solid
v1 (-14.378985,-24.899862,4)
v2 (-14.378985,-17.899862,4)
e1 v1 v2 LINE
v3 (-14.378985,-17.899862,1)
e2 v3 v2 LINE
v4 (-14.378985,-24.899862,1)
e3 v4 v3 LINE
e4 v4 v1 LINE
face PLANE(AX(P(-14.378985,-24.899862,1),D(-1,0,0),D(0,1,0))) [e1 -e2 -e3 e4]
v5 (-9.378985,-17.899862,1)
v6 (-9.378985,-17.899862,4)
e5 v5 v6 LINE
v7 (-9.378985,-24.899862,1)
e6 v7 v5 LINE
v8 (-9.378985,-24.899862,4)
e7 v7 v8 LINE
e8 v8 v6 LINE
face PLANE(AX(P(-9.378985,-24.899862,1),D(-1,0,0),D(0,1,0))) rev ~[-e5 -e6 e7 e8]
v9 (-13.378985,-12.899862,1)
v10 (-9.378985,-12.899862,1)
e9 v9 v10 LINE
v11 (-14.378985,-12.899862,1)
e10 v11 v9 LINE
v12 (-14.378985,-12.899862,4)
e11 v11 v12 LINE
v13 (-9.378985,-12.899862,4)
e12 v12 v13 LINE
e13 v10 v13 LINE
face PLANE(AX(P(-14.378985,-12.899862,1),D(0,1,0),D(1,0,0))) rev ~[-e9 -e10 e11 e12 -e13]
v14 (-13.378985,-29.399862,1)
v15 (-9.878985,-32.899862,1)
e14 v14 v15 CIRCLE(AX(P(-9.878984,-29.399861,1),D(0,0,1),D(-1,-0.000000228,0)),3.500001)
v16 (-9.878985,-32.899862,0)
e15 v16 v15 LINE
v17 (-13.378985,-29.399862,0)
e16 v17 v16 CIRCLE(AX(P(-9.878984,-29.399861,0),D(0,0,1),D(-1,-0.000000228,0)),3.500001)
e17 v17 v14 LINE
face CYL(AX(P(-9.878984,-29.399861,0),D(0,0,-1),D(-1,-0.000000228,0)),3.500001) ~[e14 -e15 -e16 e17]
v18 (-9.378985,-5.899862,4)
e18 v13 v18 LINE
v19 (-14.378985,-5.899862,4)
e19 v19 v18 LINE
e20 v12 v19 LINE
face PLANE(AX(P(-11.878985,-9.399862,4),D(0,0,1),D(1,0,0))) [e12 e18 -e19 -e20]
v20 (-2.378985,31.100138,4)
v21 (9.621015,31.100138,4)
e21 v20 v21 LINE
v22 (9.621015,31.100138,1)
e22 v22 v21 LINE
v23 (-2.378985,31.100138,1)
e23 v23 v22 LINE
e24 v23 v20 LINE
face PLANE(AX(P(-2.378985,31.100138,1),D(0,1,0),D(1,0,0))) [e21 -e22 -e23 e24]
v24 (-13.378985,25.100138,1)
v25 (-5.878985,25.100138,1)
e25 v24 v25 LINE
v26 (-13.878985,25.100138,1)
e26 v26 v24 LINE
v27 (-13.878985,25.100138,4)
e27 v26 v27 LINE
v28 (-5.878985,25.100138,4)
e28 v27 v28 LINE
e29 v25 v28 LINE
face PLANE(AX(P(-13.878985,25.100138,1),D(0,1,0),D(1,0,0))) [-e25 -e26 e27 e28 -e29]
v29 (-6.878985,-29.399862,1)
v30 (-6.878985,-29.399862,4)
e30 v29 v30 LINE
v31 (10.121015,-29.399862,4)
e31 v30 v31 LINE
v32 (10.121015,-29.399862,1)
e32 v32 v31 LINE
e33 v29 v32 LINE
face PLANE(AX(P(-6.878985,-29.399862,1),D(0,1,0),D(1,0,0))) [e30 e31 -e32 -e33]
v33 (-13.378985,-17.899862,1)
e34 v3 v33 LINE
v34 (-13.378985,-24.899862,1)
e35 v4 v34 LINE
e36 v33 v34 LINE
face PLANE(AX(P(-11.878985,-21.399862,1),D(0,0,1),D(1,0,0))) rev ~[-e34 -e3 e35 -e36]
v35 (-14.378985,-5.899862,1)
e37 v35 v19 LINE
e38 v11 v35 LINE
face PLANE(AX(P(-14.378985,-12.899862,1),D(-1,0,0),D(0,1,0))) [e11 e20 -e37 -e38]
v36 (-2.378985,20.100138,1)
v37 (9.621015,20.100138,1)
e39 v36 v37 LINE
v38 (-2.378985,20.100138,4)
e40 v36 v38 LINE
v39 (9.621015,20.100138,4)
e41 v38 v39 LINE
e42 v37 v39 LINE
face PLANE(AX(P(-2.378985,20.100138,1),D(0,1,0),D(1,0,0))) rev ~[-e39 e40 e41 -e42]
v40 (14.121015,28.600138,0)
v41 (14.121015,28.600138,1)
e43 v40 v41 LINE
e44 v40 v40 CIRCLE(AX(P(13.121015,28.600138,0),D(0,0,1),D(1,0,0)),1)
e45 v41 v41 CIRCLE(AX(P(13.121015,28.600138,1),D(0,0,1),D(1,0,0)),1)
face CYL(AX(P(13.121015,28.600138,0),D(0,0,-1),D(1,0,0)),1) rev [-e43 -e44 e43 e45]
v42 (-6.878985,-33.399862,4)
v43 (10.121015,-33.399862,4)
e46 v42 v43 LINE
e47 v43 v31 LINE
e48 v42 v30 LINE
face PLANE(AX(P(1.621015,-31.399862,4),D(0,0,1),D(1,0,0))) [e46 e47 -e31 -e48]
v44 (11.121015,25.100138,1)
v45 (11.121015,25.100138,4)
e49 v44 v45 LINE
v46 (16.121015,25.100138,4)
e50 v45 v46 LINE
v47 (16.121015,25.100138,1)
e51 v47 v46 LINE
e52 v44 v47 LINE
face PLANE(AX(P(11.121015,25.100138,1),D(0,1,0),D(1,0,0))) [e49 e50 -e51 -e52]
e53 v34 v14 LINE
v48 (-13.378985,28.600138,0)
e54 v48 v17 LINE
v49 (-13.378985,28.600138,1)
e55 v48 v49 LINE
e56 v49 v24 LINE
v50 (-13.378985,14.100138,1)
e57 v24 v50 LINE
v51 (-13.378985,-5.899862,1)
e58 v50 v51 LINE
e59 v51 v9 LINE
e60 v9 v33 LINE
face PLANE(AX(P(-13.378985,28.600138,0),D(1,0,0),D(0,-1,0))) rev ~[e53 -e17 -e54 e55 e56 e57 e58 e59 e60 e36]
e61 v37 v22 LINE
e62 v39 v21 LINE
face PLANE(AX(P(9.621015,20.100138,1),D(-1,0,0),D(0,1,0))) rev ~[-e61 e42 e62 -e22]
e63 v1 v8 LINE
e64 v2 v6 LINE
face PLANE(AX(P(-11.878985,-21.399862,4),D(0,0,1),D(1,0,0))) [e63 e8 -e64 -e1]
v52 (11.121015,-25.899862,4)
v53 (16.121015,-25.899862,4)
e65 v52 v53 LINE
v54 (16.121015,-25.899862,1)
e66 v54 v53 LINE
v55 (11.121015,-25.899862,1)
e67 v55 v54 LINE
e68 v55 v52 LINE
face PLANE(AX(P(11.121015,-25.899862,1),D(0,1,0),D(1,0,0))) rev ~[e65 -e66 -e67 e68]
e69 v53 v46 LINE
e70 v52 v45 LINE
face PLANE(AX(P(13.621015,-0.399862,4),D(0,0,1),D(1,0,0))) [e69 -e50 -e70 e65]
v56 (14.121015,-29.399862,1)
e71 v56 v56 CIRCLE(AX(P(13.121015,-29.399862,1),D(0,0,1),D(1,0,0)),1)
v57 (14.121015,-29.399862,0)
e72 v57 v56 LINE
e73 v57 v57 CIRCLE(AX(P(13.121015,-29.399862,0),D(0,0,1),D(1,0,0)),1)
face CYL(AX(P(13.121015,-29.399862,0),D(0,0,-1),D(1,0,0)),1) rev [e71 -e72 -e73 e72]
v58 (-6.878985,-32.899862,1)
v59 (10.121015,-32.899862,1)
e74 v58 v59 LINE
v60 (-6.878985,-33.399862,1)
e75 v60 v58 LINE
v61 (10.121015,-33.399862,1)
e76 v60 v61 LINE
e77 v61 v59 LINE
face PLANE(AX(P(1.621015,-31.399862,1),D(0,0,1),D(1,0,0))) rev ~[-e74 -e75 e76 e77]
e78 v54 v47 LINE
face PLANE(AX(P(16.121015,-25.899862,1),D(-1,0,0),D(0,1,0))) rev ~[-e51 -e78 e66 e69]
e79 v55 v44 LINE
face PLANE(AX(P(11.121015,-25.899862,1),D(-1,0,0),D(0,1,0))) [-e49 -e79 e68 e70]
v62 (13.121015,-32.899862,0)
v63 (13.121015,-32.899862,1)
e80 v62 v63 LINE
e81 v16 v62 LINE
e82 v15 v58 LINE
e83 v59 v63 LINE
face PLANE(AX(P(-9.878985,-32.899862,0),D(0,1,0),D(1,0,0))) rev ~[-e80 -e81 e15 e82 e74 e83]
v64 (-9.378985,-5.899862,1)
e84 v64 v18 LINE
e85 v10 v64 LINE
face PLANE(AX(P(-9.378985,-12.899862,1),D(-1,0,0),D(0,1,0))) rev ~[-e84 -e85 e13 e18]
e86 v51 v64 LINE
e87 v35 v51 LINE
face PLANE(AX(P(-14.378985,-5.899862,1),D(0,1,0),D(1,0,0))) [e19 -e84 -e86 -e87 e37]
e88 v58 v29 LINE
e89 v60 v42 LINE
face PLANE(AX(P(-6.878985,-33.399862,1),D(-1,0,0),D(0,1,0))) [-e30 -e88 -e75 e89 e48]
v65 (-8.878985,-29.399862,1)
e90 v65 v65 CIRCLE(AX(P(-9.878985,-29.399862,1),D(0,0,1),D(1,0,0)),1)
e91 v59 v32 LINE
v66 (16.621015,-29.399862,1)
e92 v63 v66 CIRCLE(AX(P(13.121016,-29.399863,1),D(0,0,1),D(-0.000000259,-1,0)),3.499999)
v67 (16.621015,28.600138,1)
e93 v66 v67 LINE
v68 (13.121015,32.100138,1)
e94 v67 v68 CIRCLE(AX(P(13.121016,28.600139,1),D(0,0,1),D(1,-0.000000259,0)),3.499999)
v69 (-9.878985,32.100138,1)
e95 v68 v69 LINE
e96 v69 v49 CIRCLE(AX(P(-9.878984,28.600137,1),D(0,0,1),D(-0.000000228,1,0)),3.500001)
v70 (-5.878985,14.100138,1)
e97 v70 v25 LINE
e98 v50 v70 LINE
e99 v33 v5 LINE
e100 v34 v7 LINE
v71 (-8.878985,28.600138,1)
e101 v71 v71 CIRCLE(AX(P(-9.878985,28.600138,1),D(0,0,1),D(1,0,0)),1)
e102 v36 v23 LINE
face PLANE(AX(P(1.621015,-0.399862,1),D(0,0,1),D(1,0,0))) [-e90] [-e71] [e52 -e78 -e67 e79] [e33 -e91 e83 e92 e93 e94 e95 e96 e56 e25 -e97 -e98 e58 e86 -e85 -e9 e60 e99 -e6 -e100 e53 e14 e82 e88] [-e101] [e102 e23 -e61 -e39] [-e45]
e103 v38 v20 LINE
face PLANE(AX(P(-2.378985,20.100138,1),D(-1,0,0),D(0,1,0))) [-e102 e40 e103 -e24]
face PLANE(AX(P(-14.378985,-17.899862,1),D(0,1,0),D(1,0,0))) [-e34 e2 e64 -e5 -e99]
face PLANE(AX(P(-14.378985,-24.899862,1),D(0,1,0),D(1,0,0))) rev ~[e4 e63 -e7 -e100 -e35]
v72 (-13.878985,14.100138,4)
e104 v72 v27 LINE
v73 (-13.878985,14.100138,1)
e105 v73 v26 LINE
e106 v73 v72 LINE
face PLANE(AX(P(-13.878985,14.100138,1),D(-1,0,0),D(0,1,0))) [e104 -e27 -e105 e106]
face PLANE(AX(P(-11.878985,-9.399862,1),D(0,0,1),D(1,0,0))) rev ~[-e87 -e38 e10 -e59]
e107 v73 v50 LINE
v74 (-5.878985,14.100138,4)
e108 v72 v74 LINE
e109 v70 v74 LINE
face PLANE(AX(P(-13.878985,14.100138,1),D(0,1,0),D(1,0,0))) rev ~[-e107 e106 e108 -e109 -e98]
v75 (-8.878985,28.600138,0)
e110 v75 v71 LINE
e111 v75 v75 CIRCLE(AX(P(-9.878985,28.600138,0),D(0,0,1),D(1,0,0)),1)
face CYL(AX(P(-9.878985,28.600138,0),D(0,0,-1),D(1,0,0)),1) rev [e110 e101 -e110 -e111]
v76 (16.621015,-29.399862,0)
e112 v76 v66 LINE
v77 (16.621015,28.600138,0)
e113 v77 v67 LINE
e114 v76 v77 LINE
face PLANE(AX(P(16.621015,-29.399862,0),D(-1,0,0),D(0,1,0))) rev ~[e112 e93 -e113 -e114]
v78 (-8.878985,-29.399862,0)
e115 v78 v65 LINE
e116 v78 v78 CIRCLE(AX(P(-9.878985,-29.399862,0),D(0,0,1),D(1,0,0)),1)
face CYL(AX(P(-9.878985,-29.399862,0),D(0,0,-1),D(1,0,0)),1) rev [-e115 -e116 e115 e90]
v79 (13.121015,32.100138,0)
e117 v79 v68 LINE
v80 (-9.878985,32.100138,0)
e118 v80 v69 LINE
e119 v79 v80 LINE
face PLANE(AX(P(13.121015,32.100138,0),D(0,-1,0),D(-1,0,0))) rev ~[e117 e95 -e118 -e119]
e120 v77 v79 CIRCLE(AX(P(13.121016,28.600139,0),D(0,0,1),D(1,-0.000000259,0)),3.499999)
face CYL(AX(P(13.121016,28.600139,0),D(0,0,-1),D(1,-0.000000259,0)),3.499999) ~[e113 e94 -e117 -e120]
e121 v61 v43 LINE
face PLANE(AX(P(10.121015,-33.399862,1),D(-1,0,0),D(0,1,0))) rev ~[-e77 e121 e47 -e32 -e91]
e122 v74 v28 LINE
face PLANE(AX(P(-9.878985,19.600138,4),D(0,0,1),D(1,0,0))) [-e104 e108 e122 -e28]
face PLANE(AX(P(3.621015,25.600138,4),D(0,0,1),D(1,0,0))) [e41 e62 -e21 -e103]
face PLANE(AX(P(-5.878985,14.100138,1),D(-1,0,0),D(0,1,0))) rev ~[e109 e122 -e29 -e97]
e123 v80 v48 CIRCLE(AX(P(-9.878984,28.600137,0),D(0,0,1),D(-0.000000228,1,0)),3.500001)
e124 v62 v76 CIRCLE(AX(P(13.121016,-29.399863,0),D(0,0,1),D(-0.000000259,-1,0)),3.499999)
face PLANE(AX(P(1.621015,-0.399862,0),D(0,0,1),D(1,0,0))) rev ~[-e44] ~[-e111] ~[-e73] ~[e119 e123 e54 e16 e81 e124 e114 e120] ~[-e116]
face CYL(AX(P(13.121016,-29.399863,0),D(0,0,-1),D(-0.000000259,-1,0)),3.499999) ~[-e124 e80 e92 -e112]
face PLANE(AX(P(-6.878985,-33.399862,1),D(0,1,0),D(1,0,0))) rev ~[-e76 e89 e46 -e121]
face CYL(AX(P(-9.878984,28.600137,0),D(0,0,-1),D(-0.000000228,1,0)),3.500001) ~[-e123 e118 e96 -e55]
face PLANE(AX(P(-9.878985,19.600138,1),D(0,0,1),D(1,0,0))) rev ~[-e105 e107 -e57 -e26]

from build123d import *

# Parameters (mm, degrees)
F0_R     = 1
F1_DEPTH = 1
F2_W     = 12
F2_H     = 11
F2_W_2   = 8
F2_W_3   = 5
F2_H_2   = 7
F2_W_4   = 17
F2_H_3   = 4
F2_H_4   = 51
F3_DEPTH = 3


with BuildPart() as f1:
    # F0 (on Top) → F1 (new body)
    with BuildSketch(Plane.XY):
        with BuildLine():
            Line((13.121015, 32.100138), (-9.878985, 32.100138))
            ThreePointArc((-9.878985, 32.100138), (-12.353858, 31.075012), (-13.378985, 28.600138))
            Line((-13.378985, 28.600138), (-13.378985, -29.399862))
            ThreePointArc((-13.378985, -29.399862), (-12.353858, -31.874736), (-9.878985, -32.899862))
            Line((-9.878985, -32.899862), (13.121015, -32.899862))
            ThreePointArc((13.121015, -32.899862), (15.595889, -31.874736), (16.621015, -29.399862))
            Line((16.621015, -29.399862), (16.621015, 28.600138))
            ThreePointArc((16.621015, 28.600138), (15.595889, 31.075012), (13.121015, 32.100138))
        make_face()
        with Locations((-9.878985, -29.399862)):
            Circle(F0_R, mode=Mode.SUBTRACT)
        with Locations((13.121015, -29.399862)):
            Circle(F0_R, mode=Mode.SUBTRACT)
        with Locations((-9.878985, 28.600138)):
            Circle(F0_R, mode=Mode.SUBTRACT)
        with Locations((13.121015, 28.600138)):
            Circle(F0_R, mode=Mode.SUBTRACT)
    extrude(amount=F1_DEPTH)

    # F2 (on face) → F3 (join)
    with BuildSketch(Plane.XY.offset(1)):
        with Locations((3.621015, 25.600138)):
            Rectangle(F2_W, F2_H)
        with Locations((-9.878985, 19.600138)):
            Rectangle(F2_W_2, F2_H)
        with Locations((-11.878985, -21.399862)):
            Rectangle(F2_W_3, F2_H_2)
        with Locations((-11.878985, -9.399862)):
            Rectangle(F2_W_3, F2_H_2)
        with Locations((1.621015, -31.399862)):
            Rectangle(F2_W_4, F2_H_3)
        with Locations((13.621015, -0.399862)):
            Rectangle(F2_W_3, F2_H_4)
    extrude(amount=F3_DEPTH)


solid = f1.part
